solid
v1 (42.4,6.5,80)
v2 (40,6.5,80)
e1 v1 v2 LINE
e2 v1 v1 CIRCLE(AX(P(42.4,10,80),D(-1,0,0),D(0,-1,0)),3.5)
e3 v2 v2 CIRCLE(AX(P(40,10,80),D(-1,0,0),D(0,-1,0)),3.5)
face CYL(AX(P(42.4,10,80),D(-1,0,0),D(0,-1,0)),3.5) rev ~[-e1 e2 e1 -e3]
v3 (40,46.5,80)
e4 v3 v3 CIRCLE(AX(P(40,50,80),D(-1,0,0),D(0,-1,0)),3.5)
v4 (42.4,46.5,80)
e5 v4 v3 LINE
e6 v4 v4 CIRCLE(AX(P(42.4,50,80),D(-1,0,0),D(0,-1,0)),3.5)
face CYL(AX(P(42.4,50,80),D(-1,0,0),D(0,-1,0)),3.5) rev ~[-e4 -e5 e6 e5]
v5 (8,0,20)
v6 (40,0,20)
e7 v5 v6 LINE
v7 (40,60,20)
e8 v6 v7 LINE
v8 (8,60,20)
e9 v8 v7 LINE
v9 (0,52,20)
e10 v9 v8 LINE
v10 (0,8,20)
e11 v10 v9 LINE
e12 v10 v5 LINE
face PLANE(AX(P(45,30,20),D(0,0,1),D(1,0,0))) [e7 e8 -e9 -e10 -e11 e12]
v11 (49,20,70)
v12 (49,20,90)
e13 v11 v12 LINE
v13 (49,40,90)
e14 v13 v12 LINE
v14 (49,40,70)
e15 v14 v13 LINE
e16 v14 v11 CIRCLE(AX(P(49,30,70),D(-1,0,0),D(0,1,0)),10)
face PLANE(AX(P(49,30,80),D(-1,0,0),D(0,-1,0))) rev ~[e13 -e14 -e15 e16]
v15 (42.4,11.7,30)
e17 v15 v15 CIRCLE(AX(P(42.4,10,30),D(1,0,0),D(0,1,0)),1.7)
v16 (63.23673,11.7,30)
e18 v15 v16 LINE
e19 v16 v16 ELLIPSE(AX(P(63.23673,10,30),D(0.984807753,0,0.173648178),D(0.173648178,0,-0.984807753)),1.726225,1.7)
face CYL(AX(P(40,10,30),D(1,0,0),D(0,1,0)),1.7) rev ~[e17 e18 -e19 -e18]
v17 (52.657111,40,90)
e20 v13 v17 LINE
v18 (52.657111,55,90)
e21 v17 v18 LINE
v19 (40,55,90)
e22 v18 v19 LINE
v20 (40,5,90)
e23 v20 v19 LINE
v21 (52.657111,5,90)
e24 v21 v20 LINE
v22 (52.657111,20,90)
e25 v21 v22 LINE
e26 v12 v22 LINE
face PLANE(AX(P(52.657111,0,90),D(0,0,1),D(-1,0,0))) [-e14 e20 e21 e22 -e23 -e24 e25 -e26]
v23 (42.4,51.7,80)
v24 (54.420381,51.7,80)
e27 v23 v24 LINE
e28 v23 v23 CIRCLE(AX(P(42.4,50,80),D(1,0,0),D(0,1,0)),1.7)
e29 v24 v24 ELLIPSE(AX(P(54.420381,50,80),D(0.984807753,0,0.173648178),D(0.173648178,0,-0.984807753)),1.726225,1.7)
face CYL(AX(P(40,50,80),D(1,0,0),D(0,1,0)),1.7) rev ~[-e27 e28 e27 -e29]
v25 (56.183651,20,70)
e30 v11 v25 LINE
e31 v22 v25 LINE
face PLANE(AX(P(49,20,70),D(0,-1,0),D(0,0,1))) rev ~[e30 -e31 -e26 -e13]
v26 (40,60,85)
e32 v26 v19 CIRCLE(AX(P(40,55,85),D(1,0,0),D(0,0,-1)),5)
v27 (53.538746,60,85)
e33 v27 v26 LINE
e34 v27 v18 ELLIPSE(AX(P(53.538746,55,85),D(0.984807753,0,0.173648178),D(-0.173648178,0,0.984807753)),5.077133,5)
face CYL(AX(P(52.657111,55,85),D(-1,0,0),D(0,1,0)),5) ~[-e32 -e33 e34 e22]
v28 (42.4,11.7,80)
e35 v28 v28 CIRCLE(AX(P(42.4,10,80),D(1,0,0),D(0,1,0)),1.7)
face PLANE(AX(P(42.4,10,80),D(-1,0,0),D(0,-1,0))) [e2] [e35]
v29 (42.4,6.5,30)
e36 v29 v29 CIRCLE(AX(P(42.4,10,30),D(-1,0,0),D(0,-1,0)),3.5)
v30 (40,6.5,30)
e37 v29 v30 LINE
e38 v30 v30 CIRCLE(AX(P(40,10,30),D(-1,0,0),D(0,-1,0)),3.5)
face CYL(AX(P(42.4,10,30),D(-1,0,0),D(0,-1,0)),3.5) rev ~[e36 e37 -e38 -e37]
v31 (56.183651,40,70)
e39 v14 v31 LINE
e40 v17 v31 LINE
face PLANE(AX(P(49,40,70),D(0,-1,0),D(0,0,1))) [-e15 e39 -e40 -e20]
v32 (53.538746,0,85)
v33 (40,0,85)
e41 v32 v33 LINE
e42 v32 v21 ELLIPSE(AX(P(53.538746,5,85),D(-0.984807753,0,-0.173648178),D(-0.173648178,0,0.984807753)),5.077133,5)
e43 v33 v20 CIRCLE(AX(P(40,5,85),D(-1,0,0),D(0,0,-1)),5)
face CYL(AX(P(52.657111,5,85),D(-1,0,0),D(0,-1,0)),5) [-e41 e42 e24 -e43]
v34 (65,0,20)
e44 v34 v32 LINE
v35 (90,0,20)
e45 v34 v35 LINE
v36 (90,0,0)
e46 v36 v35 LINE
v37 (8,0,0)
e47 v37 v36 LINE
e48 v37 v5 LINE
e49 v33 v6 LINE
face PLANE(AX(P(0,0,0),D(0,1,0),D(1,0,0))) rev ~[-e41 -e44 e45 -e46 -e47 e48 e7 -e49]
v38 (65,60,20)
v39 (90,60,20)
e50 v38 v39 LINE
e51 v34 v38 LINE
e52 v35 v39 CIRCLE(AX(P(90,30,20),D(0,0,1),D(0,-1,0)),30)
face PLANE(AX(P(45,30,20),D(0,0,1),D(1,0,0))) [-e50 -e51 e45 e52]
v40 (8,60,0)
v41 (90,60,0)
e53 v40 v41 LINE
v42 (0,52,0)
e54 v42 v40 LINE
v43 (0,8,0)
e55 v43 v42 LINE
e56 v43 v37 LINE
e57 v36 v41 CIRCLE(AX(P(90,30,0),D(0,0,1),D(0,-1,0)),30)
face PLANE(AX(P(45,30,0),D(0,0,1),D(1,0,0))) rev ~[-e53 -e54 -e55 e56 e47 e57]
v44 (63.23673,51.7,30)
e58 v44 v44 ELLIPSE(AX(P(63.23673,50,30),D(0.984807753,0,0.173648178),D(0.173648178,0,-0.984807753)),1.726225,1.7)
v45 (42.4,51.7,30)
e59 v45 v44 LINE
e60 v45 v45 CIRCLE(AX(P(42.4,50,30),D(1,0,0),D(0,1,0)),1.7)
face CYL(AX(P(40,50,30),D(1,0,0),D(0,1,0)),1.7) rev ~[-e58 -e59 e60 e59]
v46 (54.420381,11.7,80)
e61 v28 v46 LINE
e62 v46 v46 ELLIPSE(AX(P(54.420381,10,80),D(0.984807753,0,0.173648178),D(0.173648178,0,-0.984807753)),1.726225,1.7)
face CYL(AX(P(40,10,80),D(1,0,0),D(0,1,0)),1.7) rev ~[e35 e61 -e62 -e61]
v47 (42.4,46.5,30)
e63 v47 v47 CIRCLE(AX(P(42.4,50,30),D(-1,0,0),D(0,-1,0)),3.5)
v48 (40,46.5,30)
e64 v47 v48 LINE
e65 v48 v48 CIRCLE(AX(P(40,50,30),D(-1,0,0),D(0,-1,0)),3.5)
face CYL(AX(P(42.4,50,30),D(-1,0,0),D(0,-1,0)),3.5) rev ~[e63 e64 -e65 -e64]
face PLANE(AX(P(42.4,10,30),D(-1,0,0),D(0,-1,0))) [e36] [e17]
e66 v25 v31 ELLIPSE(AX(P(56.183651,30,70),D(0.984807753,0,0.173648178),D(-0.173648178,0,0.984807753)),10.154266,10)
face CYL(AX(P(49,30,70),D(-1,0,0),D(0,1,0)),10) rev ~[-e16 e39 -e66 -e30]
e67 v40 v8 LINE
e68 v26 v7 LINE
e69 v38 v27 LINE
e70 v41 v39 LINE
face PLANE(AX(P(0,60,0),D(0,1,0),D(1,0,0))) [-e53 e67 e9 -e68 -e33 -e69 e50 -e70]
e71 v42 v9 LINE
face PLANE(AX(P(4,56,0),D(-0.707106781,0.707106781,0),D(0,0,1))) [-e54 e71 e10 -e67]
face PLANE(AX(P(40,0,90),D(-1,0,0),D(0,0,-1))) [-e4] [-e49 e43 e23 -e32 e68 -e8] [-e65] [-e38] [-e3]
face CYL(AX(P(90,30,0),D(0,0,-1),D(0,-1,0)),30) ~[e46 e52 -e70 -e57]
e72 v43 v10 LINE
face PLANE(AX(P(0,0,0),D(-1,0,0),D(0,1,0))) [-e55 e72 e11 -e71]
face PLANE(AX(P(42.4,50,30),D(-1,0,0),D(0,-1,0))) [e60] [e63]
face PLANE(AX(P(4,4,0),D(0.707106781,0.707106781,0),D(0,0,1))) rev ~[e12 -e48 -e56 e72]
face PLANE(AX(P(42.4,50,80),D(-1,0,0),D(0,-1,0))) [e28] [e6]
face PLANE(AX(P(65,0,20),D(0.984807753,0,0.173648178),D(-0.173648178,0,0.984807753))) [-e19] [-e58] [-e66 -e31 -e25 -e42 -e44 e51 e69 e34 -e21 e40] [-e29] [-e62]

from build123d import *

# Parameters (mm, degrees)
F0_W           = 90
F0_H           = 60
F1_DEPTH       = 20
F2_SIZE        = 8
F4_DEPTH       = 60
F5_R           = 5
F7_D           = 3.4
F7_CBORE_D     = 7
F7_CBORE_DEPTH = 2.4
F9_W           = 20
F9_H           = 20
F10_DEPTH      = 8.9479207717


with BuildPart() as f1:
    # F0 (on Top) → F1 (new body)
    with BuildSketch(Plane.XY):
        with Locations((45, 30)):
            Rectangle(F0_W, F0_H)
        with BuildLine():
            Line((90, 60), (90, 0))
            ThreePointArc((90, 0), (120, 30), (90, 60))
        make_face()
    extrude(amount=F1_DEPTH)

    # F2
    f2_edges = [f1.edges().sort_by_distance(p)[0] for p in [
        (0, 0, 10),
        (0, 60, 10),
    ]]
    chamfer(f2_edges, length=F2_SIZE)

    # F3 (on Front) → F4 (join, through all)
    with BuildSketch(Plane.XZ):
        Polygon((40, 90), (40, 20), (65, 20), (52.6571113504, 90), align=None)
    extrude(amount=-F4_DEPTH)

    # F5
    f5_edges = [f1.edges().sort_by_distance(p)[0] for p in [
        (46.328556, 0, 90),
        (46.328556, 60, 90),
    ]]
    fillet(f5_edges, radius=F5_R)

    # F7 (through all)
    with Locations(Plane(origin=(40, 0, 0), x_dir=(0, -1, 0), z_dir=(-1, 0, 0))):
        with Locations((-50, 80), (-50, 30), (-10, 30), (-10, 80)):
            CounterBoreHole(F7_D / 2, F7_CBORE_D / 2, F7_CBORE_DEPTH)

    # F9 (on offset) → F10 (cut, through all)
    with BuildSketch(Plane(origin=(49, 0, 0), x_dir=(0, -1, 0), z_dir=(-1, 0, 0))):
        with Locations((-30, 80)):
            Rectangle(F9_W, F9_H)
        with BuildLine():
            ThreePointArc((-40, 70), (-30, 60), (-20, 70))
            Line((-20, 70), (-40, 70))
        make_face()
    extrude(amount=-F10_DEPTH, mode=Mode.SUBTRACT)


solid = f1.part
